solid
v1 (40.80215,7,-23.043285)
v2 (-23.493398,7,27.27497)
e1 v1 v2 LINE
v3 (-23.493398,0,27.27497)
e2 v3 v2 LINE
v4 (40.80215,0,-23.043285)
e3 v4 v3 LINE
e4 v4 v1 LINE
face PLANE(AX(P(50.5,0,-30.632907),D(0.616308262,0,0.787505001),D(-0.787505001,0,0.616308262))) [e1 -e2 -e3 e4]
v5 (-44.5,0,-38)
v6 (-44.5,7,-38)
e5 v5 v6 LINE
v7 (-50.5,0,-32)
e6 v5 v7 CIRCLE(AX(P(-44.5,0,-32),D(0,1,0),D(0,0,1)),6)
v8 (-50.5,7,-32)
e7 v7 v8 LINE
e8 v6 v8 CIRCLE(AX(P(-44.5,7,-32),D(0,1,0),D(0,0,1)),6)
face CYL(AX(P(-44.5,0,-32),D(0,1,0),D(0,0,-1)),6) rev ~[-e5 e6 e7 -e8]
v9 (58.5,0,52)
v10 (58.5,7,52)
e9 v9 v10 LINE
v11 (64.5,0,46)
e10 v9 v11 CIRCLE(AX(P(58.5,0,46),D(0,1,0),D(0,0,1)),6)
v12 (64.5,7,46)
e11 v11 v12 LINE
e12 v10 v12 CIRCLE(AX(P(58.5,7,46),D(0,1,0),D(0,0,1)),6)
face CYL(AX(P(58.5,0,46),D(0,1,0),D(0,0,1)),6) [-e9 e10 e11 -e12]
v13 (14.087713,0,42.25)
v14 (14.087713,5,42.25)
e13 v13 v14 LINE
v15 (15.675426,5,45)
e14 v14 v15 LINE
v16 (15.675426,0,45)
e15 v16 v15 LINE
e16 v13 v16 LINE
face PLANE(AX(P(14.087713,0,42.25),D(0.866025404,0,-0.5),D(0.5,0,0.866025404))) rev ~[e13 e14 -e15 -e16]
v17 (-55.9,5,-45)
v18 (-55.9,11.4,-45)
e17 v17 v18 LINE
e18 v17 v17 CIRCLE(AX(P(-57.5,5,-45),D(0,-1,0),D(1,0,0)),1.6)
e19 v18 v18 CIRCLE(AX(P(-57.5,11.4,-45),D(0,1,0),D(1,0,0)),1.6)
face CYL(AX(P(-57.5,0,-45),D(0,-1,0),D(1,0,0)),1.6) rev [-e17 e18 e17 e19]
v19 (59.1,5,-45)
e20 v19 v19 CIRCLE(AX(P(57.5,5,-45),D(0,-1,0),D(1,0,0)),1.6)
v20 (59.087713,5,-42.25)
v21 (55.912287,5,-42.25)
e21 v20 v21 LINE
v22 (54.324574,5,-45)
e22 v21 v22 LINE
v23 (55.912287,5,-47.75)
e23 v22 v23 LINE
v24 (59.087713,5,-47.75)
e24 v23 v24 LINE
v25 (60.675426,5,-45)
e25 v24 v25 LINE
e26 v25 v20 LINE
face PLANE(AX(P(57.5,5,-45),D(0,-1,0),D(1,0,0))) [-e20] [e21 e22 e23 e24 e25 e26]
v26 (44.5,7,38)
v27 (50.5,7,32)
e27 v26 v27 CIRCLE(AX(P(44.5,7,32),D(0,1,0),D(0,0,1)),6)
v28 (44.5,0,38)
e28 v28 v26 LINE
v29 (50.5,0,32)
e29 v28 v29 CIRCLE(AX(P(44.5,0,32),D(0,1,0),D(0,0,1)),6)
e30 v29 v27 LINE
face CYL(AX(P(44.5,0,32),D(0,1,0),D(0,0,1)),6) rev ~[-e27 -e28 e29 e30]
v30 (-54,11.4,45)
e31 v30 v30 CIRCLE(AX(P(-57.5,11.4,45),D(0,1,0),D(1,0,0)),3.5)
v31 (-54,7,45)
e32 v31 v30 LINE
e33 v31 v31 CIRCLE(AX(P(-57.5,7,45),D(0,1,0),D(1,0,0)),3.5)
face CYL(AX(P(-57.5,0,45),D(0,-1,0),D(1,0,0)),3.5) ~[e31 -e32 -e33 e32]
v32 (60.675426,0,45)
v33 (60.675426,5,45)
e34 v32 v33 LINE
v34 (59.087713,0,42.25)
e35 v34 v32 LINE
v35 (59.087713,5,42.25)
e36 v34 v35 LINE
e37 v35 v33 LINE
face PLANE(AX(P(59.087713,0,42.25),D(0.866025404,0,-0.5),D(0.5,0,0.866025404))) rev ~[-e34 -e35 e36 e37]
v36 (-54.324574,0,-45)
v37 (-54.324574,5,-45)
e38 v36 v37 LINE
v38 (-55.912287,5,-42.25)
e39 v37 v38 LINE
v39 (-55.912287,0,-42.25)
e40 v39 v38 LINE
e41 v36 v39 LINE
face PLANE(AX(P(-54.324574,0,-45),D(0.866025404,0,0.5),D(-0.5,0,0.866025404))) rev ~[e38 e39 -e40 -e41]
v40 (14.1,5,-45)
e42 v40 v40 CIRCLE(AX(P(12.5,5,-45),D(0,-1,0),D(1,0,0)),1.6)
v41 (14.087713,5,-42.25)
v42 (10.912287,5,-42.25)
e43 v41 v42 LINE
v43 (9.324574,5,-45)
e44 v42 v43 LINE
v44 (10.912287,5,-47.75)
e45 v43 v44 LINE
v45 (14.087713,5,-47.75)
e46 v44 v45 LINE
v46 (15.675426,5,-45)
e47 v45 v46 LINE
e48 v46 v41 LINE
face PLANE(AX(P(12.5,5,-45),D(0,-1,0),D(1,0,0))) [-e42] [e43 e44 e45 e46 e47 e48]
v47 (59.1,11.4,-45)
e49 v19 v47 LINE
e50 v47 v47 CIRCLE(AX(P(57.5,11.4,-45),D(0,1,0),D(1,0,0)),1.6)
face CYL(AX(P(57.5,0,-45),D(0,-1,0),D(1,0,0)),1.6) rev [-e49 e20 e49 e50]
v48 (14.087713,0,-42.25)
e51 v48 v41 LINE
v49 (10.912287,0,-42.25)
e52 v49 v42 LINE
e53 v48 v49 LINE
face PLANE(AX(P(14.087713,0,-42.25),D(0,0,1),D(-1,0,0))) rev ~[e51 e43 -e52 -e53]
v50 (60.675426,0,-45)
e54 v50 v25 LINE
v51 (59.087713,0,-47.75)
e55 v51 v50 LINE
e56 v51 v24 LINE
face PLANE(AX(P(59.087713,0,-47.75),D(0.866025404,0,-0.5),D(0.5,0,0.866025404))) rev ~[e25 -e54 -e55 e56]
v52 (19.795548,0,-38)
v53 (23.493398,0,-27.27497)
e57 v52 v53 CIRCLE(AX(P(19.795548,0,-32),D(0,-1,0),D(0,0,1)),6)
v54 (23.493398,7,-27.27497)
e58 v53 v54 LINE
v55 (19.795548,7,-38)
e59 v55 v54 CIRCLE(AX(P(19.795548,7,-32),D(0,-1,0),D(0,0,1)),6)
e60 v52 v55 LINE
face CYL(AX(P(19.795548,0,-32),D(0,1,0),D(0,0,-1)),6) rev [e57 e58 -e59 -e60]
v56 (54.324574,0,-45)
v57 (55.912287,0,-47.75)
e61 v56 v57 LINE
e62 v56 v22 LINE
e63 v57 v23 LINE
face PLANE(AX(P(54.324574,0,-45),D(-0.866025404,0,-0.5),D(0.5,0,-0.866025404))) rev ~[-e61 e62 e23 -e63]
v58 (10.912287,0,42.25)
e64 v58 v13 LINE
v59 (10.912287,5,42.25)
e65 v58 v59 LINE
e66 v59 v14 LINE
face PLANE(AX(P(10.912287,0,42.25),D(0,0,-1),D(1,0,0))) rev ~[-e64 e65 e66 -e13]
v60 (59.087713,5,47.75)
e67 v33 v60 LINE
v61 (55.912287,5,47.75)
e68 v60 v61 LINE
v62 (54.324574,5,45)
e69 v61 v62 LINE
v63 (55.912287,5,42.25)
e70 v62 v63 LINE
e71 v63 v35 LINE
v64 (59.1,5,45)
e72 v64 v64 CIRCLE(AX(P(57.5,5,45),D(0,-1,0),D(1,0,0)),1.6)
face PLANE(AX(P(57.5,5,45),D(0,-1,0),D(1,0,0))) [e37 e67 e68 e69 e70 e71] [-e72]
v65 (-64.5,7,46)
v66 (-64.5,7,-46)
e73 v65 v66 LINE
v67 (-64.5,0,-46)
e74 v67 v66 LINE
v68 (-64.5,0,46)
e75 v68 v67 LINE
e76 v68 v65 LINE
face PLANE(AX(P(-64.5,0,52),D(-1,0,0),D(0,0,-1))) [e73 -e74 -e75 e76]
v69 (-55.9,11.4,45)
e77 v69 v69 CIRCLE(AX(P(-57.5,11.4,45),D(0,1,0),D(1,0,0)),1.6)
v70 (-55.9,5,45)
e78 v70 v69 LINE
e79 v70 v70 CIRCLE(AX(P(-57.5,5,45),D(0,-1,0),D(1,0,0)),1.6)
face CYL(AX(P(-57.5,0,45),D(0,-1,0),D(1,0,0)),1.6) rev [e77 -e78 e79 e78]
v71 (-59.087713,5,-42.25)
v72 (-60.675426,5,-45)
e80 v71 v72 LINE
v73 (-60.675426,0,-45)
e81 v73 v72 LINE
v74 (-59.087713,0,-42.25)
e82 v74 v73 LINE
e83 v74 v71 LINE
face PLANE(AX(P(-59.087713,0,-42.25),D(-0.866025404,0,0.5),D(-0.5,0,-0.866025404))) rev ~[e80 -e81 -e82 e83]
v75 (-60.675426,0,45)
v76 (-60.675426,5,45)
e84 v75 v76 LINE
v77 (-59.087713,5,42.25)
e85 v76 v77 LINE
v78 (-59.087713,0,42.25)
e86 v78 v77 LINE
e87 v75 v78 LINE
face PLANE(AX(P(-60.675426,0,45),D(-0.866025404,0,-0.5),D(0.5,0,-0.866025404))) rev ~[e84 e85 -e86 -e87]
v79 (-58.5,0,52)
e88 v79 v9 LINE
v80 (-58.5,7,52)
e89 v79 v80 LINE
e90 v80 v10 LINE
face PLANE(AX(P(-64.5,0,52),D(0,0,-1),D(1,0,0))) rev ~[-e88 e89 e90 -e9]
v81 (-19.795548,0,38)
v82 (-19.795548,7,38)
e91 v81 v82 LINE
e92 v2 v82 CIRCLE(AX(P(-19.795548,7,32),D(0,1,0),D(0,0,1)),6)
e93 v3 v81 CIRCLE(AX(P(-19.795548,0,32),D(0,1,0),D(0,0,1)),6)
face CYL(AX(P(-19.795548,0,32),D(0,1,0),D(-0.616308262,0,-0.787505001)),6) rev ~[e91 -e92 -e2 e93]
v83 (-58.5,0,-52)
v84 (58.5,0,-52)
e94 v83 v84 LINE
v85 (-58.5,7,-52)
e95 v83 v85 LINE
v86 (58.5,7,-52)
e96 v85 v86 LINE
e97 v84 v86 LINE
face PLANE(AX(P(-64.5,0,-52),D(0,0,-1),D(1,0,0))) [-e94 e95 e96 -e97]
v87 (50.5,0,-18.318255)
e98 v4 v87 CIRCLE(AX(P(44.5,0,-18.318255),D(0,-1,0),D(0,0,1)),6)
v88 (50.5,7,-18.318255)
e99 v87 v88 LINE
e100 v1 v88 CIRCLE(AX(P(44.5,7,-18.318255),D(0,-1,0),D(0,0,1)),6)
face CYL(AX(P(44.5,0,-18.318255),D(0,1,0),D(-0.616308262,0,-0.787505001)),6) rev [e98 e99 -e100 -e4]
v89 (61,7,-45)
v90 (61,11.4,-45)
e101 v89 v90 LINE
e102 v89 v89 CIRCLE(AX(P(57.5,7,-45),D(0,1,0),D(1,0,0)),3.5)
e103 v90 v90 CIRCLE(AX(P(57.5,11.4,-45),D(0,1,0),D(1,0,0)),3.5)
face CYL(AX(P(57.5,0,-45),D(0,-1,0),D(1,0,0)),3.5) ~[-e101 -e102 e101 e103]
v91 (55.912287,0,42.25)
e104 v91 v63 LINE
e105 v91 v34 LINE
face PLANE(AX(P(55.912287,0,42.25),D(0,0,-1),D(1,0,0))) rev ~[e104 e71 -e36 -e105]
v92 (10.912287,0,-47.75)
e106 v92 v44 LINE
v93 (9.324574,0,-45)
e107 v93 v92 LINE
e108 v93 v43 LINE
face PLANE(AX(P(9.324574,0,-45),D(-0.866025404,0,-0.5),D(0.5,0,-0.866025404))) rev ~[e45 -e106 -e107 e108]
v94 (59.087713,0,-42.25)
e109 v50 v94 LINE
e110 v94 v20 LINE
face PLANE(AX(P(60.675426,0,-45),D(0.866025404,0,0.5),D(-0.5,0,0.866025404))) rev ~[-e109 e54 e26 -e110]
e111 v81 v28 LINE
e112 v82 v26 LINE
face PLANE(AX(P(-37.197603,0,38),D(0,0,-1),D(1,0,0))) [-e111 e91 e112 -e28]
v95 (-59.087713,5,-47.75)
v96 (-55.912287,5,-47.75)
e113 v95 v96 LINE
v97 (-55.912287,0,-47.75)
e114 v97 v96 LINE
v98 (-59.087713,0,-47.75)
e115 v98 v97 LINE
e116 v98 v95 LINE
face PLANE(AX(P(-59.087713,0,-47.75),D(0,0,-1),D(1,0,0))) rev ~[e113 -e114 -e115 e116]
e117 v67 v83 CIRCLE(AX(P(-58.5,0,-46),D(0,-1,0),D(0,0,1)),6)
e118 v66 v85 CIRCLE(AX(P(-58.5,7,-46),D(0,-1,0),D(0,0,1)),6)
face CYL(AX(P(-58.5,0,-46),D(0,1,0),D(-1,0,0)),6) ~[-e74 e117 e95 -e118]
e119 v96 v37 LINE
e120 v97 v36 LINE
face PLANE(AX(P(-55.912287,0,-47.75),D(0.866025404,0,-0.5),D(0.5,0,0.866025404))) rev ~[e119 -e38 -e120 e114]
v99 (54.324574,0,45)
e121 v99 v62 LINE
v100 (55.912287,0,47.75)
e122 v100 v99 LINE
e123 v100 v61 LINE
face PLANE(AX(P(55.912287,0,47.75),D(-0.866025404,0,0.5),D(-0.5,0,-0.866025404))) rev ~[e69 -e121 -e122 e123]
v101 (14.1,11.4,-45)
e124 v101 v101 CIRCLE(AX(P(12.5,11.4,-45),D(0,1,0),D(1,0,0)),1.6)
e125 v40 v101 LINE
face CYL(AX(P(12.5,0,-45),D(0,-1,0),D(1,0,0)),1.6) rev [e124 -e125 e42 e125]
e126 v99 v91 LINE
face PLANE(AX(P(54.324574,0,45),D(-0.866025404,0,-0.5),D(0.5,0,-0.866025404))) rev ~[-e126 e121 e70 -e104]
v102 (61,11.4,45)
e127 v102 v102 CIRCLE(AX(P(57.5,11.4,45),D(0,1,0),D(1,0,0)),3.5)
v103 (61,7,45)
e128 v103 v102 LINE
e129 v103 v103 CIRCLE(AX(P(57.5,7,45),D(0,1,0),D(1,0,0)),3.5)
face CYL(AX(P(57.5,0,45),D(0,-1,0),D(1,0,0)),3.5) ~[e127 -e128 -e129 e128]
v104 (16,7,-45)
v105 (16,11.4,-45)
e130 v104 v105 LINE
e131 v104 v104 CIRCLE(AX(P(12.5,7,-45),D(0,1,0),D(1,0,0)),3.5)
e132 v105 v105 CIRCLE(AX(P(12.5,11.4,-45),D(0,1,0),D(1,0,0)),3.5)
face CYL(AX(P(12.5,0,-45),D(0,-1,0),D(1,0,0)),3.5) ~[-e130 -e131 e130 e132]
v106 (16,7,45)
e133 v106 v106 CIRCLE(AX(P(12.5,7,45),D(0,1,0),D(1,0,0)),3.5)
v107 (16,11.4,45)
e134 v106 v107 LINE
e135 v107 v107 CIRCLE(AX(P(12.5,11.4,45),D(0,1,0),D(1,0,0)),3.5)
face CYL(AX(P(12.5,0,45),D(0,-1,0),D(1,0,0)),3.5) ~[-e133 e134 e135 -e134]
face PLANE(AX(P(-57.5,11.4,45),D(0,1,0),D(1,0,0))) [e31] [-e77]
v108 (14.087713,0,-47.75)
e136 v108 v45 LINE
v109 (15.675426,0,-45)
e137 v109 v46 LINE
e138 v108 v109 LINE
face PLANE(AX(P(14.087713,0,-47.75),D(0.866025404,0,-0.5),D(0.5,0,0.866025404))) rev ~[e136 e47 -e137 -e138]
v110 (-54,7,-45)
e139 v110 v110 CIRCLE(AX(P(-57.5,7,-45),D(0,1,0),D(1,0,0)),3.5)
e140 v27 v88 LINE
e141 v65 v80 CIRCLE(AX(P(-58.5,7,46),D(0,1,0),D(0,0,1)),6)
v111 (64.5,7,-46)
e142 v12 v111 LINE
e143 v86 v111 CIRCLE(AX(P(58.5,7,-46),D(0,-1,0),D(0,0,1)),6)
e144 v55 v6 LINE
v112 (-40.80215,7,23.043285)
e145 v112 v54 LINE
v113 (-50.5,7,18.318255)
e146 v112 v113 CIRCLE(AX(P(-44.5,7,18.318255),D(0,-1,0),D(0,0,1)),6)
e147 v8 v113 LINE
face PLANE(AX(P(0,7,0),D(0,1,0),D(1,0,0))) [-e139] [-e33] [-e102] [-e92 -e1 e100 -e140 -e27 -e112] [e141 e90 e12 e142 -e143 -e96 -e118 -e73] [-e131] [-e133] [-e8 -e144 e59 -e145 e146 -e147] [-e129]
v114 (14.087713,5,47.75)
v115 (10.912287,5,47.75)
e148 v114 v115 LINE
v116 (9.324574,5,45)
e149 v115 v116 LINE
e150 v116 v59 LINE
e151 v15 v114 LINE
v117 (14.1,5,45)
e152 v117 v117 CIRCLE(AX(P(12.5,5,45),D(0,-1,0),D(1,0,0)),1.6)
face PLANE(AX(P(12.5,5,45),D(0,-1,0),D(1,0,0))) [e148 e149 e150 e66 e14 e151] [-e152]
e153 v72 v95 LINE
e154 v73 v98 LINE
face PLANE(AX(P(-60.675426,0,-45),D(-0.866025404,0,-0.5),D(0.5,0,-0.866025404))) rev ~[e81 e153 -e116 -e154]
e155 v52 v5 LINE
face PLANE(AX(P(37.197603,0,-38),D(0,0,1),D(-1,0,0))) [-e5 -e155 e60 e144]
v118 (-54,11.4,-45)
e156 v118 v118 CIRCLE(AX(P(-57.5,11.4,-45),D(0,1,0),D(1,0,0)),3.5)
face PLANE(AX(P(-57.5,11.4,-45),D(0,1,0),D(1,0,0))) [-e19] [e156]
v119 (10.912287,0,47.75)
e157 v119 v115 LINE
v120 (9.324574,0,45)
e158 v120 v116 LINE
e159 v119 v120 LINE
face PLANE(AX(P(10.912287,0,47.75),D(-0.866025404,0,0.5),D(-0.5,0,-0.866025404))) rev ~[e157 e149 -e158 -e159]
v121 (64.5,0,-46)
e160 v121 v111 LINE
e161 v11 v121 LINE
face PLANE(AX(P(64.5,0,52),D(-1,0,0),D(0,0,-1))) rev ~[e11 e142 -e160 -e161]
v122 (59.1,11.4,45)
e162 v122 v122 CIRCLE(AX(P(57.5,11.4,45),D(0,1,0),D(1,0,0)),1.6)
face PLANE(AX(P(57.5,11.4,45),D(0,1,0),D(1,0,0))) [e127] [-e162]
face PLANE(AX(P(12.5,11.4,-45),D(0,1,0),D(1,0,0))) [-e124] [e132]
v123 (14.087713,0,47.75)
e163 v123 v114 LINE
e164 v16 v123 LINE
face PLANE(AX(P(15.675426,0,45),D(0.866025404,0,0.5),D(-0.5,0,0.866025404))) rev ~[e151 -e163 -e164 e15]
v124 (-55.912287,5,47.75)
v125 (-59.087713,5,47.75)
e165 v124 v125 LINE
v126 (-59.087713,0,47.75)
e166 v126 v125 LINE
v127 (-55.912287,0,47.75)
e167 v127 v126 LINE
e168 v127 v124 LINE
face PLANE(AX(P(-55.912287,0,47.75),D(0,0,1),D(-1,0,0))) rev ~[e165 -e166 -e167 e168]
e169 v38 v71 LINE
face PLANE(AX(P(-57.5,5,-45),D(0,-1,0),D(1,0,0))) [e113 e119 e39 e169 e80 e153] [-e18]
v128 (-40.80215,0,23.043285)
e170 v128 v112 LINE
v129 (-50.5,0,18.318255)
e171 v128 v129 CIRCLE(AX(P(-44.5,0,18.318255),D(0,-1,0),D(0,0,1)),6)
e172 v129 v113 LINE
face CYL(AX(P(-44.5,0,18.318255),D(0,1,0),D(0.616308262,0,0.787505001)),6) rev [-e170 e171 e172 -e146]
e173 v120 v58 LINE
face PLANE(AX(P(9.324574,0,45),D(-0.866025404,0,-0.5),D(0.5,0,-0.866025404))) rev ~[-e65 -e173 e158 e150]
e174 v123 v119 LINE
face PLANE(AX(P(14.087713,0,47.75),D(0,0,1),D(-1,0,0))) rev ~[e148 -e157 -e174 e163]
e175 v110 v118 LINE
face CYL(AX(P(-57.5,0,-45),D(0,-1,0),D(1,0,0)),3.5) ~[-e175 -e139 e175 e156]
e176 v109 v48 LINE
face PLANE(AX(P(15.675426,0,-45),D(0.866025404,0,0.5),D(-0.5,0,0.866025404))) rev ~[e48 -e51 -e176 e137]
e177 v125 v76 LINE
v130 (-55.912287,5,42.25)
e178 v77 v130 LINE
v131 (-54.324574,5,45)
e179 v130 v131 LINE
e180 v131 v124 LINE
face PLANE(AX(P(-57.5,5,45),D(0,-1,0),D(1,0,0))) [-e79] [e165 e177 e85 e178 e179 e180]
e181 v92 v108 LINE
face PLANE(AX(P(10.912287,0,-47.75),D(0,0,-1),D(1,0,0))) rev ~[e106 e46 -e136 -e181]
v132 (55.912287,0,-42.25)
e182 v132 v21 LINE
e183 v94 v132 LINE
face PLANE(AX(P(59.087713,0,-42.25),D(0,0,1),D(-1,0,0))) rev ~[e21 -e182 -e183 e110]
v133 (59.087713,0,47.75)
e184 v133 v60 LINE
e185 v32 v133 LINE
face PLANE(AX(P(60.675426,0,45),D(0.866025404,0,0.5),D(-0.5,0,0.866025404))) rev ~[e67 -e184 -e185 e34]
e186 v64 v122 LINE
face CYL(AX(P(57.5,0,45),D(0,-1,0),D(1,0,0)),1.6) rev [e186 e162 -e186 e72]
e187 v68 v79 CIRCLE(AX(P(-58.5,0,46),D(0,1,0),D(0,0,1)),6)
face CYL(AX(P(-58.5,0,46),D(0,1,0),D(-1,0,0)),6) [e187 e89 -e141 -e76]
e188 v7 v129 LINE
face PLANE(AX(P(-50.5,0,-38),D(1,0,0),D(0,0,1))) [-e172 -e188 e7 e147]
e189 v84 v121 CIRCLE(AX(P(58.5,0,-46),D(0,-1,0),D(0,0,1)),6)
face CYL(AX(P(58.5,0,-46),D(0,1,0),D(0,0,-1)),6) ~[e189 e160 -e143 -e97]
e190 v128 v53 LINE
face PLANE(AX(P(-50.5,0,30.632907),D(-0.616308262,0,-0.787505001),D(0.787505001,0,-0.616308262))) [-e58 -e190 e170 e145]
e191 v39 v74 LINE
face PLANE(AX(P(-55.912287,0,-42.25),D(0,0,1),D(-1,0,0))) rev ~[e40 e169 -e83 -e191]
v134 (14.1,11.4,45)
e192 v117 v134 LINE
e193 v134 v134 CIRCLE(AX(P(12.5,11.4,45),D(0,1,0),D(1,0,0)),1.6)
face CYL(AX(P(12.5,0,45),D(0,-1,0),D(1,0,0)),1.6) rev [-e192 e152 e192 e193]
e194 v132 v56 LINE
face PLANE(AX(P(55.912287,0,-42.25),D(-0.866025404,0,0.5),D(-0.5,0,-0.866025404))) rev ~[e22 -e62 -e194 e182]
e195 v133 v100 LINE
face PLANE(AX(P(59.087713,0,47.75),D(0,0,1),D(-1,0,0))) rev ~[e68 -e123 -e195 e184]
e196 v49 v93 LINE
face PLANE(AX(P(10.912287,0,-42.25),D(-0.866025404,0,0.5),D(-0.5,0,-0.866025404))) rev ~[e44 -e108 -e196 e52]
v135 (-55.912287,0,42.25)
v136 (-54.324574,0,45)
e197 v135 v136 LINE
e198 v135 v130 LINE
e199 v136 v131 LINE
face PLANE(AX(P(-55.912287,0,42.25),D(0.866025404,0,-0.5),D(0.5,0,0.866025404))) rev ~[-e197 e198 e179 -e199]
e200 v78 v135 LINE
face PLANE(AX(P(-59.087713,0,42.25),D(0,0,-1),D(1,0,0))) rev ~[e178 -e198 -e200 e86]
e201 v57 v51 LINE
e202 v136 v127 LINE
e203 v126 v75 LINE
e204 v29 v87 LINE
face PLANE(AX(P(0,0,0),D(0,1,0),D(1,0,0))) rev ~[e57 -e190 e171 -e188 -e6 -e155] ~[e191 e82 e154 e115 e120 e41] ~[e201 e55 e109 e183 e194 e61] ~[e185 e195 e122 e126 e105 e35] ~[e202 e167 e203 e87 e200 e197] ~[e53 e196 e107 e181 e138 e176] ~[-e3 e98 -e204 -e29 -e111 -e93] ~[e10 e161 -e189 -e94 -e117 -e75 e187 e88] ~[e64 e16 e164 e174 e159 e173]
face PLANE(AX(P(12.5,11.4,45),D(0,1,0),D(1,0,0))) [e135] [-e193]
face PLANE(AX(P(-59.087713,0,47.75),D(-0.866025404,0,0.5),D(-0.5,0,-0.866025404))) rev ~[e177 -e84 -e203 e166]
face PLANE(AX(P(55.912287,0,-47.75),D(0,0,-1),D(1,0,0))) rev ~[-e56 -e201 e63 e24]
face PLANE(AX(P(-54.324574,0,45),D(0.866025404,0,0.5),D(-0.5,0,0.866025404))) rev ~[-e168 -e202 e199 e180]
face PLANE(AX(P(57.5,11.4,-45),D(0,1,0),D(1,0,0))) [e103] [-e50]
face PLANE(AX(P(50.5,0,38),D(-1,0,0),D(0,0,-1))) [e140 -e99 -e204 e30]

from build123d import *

# Parameters (mm, degrees)
SKETCH1_W           = 129
SKETCH1_H           = 104
SKETCH1_R           = 3.5
BOSS_EXTRUDE1_DEPTH = 7
FILLET1_R           = 6
SKETCH1_3_R         = 3.5
SKETCH1_3_R_2       = 1.6
BOSS_EXTRUDE2_DEPTH = 11.4
SKETCH2_R           = 1.6
CUT_EXTRUDE1_DEPTH  = 5


with BuildPart() as part:
    # Sketch1 → Boss-Extrude1 (new body)
    with BuildSketch(Plane(origin=(0, 0, 0), x_dir=(1, 0, 0), z_dir=(0, 1, 0))):
        Rectangle(SKETCH1_W, SKETCH1_H)
        with Locations((-57.5, -45)):
            Circle(SKETCH1_R, mode=Mode.SUBTRACT)
        with Locations((12.5, -45)):
            Circle(SKETCH1_R, mode=Mode.SUBTRACT)
        with Locations((57.5, -45)):
            Circle(SKETCH1_R, mode=Mode.SUBTRACT)
        Polygon((50.5, 30.63290669), (50.5, -38), (-37.197602993, -38), align=None, mode=Mode.SUBTRACT)
        Polygon((37.197602993, 38), (-50.5, -30.63290669), (-50.5, 38), align=None, mode=Mode.SUBTRACT)
        with Locations((-57.5, 45)):
            Circle(SKETCH1_R, mode=Mode.SUBTRACT)
        with Locations((12.5, 45)):
            Circle(SKETCH1_R, mode=Mode.SUBTRACT)
        with Locations((57.5, 45)):
            Circle(SKETCH1_R, mode=Mode.SUBTRACT)
    extrude(amount=BOSS_EXTRUDE1_DEPTH)

    # Fillet1
    fillet1_edges = [part.edges().sort_by_distance(p)[0] for p in [
        (-64.5, 3.5, -52),
        (64.5, 3.5, -52),
        (64.5, 3.5, 52),
        (-37.197602993, 3.5, 38),
        (50.5, 3.5, 38),
        (50.5, 3.5, -30.63290669),
        (-50.5, 3.5, 30.63290669),
        (37.197602993, 3.5, -38),
        (-64.5, 3.5, 52),
        (-50.5, 3.5, -38),
    ]]
    fillet(fillet1_edges, radius=FILLET1_R)

    # Sketch1<3> → Boss-Extrude2 (add)
    # profile 1 of 6: a face of its own
    with BuildSketch(Plane(origin=(0, 0, 0), x_dir=(1, 0, 0), z_dir=(0, 1, 0))):
        with Locations((-57.5, 45)):
            Circle(SKETCH1_3_R)
        with Locations((-57.5, 45)):
            Circle(SKETCH1_3_R_2, mode=Mode.SUBTRACT)
    # profile 2 of 6: a face of its own
    with BuildSketch(Plane(origin=(0, 0, 0), x_dir=(1, 0, 0), z_dir=(0, 1, 0))):
        with Locations((12.5, 45)):
            Circle(SKETCH1_3_R)
        with Locations((12.5, 45)):
            Circle(SKETCH1_3_R_2, mode=Mode.SUBTRACT)
    # profile 3 of 6: a face of its own
    with BuildSketch(Plane(origin=(0, 0, 0), x_dir=(1, 0, 0), z_dir=(0, 1, 0))):
        with Locations((57.5, 45)):
            Circle(SKETCH1_3_R)
        with Locations((57.5, 45)):
            Circle(SKETCH1_3_R_2, mode=Mode.SUBTRACT)
    # profile 4 of 6: a face of its own
    with BuildSketch(Plane(origin=(0, 0, 0), x_dir=(1, 0, 0), z_dir=(0, 1, 0))):
        with Locations((-57.5, -45)):
            Circle(SKETCH1_3_R)
        with Locations((-57.5, -45)):
            Circle(SKETCH1_3_R_2, mode=Mode.SUBTRACT)
    # profile 5 of 6: a face of its own
    with BuildSketch(Plane(origin=(0, 0, 0), x_dir=(1, 0, 0), z_dir=(0, 1, 0))):
        with Locations((12.5, -45)):
            Circle(SKETCH1_3_R)
        with Locations((12.5, -45)):
            Circle(SKETCH1_3_R_2, mode=Mode.SUBTRACT)
    # profile 6 of 6: a face of its own
    with BuildSketch(Plane(origin=(0, 0, 0), x_dir=(1, 0, 0), z_dir=(0, 1, 0))):
        with Locations((57.5, -45)):
            Circle(SKETCH1_3_R)
        with Locations((57.5, -45)):
            Circle(SKETCH1_3_R_2, mode=Mode.SUBTRACT)
    extrude(amount=BOSS_EXTRUDE2_DEPTH)

    # Sketch2 → Cut-Extrude1 (cut)
    # profile 1 of 6: a face of its own
    with BuildSketch(Plane.XZ):
        Polygon((-54.324573519, 45), (-55.91228676, 47.75), (-59.08771324, 47.75), (-60.675426481, 45), (-59.08771324, 42.25), (-55.91228676, 42.25), align=None)
        with Locations((-57.5, 45)):
            Circle(SKETCH2_R, mode=Mode.SUBTRACT)
    # profile 2 of 6: a face of its own
    with BuildSketch(Plane.XZ):
        Polygon((15.675426481, 45), (14.08771324, 47.75), (10.91228676, 47.75), (9.324573519, 45), (10.91228676, 42.25), (14.08771324, 42.25), align=None)
        with Locations((12.5, 45)):
            Circle(SKETCH2_R, mode=Mode.SUBTRACT)
    # profile 3 of 6: a face of its own
    with BuildSketch(Plane.XZ):
        Polygon((60.675426481, 45), (59.08771324, 47.75), (55.91228676, 47.75), (54.324573519, 45), (55.91228676, 42.25), (59.08771324, 42.25), align=None)
        with Locations((57.5, 45)):
            Circle(SKETCH2_R, mode=Mode.SUBTRACT)
    # profile 4 of 6: a face of its own
    with BuildSketch(Plane.XZ):
        Polygon((-54.324573519, -45), (-55.91228676, -42.25), (-59.08771324, -42.25), (-60.675426481, -45), (-59.08771324, -47.75), (-55.91228676, -47.75), align=None)
        with Locations((-57.5, -45)):
            Circle(SKETCH2_R, mode=Mode.SUBTRACT)
    # profile 5 of 6: a face of its own
    with BuildSketch(Plane.XZ):
        Polygon((15.675426481, -45), (14.08771324, -42.25), (10.91228676, -42.25), (9.324573519, -45), (10.91228676, -47.75), (14.08771324, -47.75), align=None)
        with Locations((12.5, -45)):
            Circle(SKETCH2_R, mode=Mode.SUBTRACT)
    # profile 6 of 6: a face of its own
    with BuildSketch(Plane.XZ):
        Polygon((60.675426481, -45), (59.08771324, -42.25), (55.91228676, -42.25), (54.324573519, -45), (55.91228676, -47.75), (59.08771324, -47.75), align=None)
        with Locations((57.5, -45)):
            Circle(SKETCH2_R, mode=Mode.SUBTRACT)
    extrude(amount=-CUT_EXTRUDE1_DEPTH, mode=Mode.SUBTRACT)


solid = part.part
